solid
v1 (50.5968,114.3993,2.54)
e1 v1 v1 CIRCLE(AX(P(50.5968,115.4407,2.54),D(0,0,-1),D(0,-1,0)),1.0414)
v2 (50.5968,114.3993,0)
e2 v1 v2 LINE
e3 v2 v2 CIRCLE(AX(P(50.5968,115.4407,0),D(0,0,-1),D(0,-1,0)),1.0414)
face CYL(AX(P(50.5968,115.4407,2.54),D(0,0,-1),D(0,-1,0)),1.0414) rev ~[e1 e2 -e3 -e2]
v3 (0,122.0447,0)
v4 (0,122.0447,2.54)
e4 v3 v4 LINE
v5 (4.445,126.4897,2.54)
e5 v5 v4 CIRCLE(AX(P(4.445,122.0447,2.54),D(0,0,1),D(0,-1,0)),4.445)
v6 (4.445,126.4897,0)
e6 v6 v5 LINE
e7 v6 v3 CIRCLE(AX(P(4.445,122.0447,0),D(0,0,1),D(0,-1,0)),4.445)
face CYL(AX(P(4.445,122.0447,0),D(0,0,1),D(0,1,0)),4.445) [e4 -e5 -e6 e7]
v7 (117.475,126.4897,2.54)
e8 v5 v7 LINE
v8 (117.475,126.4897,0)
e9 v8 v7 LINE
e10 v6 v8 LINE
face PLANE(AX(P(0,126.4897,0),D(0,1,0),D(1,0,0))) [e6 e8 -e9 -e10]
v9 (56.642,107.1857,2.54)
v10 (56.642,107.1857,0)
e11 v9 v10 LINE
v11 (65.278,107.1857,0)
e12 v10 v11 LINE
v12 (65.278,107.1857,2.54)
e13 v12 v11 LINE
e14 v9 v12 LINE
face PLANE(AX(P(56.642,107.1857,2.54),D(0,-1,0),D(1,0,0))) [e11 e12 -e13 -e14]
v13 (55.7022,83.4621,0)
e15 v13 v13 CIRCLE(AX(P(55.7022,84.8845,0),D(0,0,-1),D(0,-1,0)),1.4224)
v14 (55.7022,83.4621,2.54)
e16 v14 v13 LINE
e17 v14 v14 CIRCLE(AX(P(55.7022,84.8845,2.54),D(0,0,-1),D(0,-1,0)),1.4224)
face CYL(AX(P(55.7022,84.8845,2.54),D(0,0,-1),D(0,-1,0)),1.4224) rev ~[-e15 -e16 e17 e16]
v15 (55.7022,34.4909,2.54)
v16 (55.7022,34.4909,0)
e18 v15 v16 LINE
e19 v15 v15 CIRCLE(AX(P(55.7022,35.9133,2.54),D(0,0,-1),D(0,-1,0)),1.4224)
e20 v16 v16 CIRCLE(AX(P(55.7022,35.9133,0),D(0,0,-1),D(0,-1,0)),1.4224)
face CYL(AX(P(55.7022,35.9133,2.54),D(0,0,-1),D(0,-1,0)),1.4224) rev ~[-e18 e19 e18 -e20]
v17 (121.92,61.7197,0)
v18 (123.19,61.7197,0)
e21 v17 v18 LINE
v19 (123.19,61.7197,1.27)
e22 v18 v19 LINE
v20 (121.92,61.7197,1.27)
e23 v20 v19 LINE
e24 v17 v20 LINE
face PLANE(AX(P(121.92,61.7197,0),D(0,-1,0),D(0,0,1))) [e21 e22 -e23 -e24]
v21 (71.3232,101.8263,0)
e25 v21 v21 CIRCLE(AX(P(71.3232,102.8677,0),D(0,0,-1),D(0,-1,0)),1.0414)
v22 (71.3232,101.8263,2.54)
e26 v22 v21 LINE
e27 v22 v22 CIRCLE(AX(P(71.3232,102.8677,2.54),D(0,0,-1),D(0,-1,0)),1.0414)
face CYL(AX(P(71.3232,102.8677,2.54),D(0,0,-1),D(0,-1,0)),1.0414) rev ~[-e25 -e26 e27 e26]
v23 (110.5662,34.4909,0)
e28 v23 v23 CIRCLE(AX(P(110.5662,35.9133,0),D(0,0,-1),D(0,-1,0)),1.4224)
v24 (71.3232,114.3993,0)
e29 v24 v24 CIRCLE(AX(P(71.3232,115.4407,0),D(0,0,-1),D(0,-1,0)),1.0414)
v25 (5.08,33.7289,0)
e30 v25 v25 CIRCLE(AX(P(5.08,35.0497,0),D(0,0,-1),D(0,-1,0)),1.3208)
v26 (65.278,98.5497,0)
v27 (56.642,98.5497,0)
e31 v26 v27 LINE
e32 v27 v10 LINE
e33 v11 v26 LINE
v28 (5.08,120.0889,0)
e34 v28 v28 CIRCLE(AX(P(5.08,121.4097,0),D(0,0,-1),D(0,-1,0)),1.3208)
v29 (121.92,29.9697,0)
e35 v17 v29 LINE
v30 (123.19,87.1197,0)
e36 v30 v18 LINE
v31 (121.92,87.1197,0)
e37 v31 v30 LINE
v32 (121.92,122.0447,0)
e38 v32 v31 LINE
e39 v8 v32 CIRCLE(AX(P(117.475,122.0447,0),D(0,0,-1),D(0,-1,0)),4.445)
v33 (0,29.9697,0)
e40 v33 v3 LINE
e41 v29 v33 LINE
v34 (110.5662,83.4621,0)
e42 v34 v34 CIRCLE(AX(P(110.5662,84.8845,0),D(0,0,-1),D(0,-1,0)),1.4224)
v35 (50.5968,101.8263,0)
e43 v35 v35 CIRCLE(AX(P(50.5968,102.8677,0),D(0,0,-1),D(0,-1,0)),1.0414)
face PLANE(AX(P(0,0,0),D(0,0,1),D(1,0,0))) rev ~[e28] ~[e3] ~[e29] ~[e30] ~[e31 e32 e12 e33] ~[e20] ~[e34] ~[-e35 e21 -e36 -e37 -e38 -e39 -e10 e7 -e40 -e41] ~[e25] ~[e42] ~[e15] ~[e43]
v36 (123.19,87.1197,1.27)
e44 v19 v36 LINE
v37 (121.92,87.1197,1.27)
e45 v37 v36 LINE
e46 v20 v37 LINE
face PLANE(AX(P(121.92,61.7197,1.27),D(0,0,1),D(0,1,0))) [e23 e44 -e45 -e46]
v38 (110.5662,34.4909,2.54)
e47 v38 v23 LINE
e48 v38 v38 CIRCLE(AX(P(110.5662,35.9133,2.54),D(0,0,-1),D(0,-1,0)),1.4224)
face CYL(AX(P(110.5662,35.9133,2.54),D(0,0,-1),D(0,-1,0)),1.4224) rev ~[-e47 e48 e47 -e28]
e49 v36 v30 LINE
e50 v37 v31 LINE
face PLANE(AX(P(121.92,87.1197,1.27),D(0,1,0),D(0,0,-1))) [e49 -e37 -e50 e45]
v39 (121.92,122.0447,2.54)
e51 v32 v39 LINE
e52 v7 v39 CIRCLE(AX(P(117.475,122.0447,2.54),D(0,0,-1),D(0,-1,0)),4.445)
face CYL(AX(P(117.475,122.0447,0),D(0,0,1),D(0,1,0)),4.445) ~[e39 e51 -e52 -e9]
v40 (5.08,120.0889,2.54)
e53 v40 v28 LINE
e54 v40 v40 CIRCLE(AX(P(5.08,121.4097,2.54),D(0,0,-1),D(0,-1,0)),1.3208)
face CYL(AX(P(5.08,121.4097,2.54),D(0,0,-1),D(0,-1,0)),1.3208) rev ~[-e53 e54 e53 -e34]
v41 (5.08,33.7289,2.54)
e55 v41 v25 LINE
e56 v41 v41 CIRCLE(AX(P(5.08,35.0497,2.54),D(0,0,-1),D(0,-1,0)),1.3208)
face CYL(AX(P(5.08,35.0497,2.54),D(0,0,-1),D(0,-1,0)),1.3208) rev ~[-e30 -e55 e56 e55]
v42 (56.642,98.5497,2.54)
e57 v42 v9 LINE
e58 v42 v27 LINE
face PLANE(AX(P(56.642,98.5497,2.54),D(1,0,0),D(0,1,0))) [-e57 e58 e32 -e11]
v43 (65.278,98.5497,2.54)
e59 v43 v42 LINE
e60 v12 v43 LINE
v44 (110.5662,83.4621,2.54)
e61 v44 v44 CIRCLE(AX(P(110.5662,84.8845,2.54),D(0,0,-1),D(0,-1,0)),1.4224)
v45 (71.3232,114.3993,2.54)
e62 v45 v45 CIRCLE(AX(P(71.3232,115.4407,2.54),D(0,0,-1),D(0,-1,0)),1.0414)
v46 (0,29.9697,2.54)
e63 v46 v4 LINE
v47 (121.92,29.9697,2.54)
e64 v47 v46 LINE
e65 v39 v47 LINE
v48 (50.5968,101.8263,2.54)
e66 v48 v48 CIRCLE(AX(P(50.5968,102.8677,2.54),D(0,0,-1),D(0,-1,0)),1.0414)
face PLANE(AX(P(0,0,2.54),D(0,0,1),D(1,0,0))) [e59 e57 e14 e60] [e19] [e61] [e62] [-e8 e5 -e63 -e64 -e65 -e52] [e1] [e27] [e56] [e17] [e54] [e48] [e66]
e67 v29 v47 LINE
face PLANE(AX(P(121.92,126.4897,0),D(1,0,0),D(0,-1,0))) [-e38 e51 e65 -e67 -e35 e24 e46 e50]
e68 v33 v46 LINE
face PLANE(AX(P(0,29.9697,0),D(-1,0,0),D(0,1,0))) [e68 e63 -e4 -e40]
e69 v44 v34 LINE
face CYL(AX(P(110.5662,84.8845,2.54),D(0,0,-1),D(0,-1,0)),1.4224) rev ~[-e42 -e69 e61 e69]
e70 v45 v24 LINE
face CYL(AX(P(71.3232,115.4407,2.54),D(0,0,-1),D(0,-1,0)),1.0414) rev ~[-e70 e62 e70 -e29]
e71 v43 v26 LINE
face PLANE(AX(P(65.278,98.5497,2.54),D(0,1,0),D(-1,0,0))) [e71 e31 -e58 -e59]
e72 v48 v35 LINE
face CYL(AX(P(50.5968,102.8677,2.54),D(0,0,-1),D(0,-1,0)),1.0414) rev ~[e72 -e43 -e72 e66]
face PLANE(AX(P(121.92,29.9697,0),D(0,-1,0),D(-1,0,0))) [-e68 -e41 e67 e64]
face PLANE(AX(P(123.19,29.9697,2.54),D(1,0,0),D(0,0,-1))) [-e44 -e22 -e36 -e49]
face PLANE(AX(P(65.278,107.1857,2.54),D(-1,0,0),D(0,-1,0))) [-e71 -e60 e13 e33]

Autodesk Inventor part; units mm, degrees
ref_plane "YZ Plane" through (0, 0, 0) normal (1, 0, 0) x (0, 1, 0)
ref_plane "XZ Plane" through (0, 0, 0) normal (0, 1, 0) x (-1, 0, 0)
ref_plane "XY Plane" through (0, 0, 0) normal (0, 0, 1) x (1, 0, 0)
sketch "Sketch1" plane through (0, 0, 0) normal (0, 0, 1) x (1, 0, 0)
  line L0 (0, 126.4897) -> (121.92, 126.4897)
  line L1 (121.92, 126.4897) -> (121.92, 29.9697)
  line L2 (121.92, 29.9697) -> (0, 29.9697)
  line L3 (0, 29.9697) -> (0, 126.4897)
  point P0 (0, 0)
  dimension "d0" = 96.52
  dimension "d1" = 121.92
extrude "Extrusion1" add sketch "Sketch1" along normal blind 2.54
fillet "Fillet1" radius 4.445 1 edges at (0, 126.4897, 1.27)
fillet "Fillet2" radius 4.445 1 edges at (121.92, 126.4897, 1.27)
sketch "Sketch2" plane through (0, 0, 2.54) normal (0, 0, 1) x (1, 0, 0)
  line L0 (56.642, 107.1857) -> (65.278, 107.1857)
  line L1 (65.278, 107.1857) -> (65.278, 98.5497)
  line L2 (65.278, 98.5497) -> (56.642, 98.5497)
  line L3 (56.642, 98.5497) -> (56.642, 107.1857)
  line L4 (121.92, 29.9697) -> (121.92, 122.0447) projected
  line L5 (0, 29.9697) -> (121.92, 29.9697) projected
  point P0 (0, 0)
  dimension "d6" = 8.636
  dimension "d7" = 8.636
  dimension "d8" = 56.642
  dimension "d9" = 68.58
extrude "Extrusion2" cut sketch "Sketch2" against normal blind 2.54
sketch "Sketch3" plane through (0, 0, 2.54) normal (0, 0, 1) x (1, 0, 0)
  line L0 (56.642, 98.5497) -> (56.642, 107.1857) projected
  line L1 (65.278, 107.1857) -> (65.278, 98.5497) projected
  line L2 (56.642, 107.1857) -> (65.278, 107.1857) projected
  point P0 (0, 0)
  point P1 (50.5968, 102.8677)
  point P2 (50.5968, 115.4407)
  point P3 (71.3232, 115.4407)
  point P4 (71.3232, 102.8677)
  dimension "d12" = 6.0452
  dimension "d13" = 6.0452
  dimension "d14" = 12.573
  dimension "d15" = 6.0452
  dimension "d16" = 6.0452
  dimension "d17" = 12.573
  dimension "d27" = 4.318
  dimension "d28" = 4.318
hole "Hole1" at (50.5968, 115.4407, 2.54) at (71.3232, 115.4407, 2.54) at (71.3232, 102.8677, 2.54) at (50.5968, 102.8677, 2.54) direction (0, 0, -1) diameter 2.0828 end through all
sketch "Sketch4" plane through (0, 0, 2.54) normal (0, 0, 1) x (1, 0, 0)
  line L0 (117.475, 126.4897) -> (4.445, 126.4897) projected
  line L1 (0, 122.0447) -> (0, 29.9697) projected
  line L2 (0, 29.9697) -> (121.92, 29.9697) projected
  point P0 (0, 0)
  point P1 (5.08, 121.4097)
  point P2 (5.08, 35.0497)
  dimension "d29" = 5.08
  dimension "d30" = 5.08
  dimension "d31" = 5.08
  dimension "d32" = 5.08
hole "Hole2" at (5.08, 121.4097, 2.54) at (5.08, 35.0497, 2.54) direction (0, 0, -1) diameter 2.6416 end through all
sketch "Sketch5" plane through (0, 0, 2.54) normal (0, 0, 1) x (1, 0, 0)
  line L0 (52.2478, 88.3389) -> (114.0206, 88.3389)
  line L1 (114.0206, 88.3389) -> (114.0206, 32.4589)
  line L2 (114.0206, 32.4589) -> (52.2478, 32.4589)
  line L3 (52.2478, 32.4589) -> (52.2478, 88.3389)
  line L4 (0, 29.9697) -> (121.92, 29.9697) projected
  line L5 (121.92, 29.9697) -> (121.92, 122.0447) projected
  point P0 (0, 0)
  point P1 (55.7022, 84.8845)
  point P2 (110.5662, 84.8845)
  point P3 (110.5662, 35.9133)
  point P4 (55.7022, 35.9133)
  dimension "d40" = 55.88
  dimension "d41" = 61.7728
  dimension "d42" = 3.4544
  dimension "d43" = 3.4544
  dimension "d44" = 3.4544
  dimension "d45" = 3.4544
  dimension "d46" = 3.4544
  dimension "d47" = 3.4544
  dimension "d48" = 3.4544
  dimension "d49" = 3.4544
  dimension "d50" = 2.4892
  dimension "d51" = 7.8994
hole "Hole3" at (55.7022, 84.8845, 2.54) at (110.5662, 84.8845, 2.54) at (110.5662, 35.9133, 2.54) at (55.7022, 35.9133, 2.54) direction (0, 0, -1) diameter 2.8448 end through all
sketch "Sketch6" plane through (121.92, 29.9697, 2.54) normal (1, 0, 0) x (0, 0, -1)
  line L0 (1.27, 57.15) -> (2.54, 57.15)
  line L1 (2.54, 57.15) -> (2.54, 31.75)
  line L2 (2.54, 31.75) -> (1.27, 31.75)
  line L3 (1.27, 31.75) -> (1.27, 57.15)
  line L4 (2.54, 0) -> (0, 0) projected
  line L5 (0, 0) -> (0, 92.075) projected
  point P0 (2.54, -29.9697)
  dimension "d59" = 25.4
  dimension "d60" = 31.75
  dimension "d61" = 1.27
  dimension "d62" = 1.27
extrude "Extrusion3" add sketch "Sketch6" along normal blind 1.27
properties part number "justlid"
